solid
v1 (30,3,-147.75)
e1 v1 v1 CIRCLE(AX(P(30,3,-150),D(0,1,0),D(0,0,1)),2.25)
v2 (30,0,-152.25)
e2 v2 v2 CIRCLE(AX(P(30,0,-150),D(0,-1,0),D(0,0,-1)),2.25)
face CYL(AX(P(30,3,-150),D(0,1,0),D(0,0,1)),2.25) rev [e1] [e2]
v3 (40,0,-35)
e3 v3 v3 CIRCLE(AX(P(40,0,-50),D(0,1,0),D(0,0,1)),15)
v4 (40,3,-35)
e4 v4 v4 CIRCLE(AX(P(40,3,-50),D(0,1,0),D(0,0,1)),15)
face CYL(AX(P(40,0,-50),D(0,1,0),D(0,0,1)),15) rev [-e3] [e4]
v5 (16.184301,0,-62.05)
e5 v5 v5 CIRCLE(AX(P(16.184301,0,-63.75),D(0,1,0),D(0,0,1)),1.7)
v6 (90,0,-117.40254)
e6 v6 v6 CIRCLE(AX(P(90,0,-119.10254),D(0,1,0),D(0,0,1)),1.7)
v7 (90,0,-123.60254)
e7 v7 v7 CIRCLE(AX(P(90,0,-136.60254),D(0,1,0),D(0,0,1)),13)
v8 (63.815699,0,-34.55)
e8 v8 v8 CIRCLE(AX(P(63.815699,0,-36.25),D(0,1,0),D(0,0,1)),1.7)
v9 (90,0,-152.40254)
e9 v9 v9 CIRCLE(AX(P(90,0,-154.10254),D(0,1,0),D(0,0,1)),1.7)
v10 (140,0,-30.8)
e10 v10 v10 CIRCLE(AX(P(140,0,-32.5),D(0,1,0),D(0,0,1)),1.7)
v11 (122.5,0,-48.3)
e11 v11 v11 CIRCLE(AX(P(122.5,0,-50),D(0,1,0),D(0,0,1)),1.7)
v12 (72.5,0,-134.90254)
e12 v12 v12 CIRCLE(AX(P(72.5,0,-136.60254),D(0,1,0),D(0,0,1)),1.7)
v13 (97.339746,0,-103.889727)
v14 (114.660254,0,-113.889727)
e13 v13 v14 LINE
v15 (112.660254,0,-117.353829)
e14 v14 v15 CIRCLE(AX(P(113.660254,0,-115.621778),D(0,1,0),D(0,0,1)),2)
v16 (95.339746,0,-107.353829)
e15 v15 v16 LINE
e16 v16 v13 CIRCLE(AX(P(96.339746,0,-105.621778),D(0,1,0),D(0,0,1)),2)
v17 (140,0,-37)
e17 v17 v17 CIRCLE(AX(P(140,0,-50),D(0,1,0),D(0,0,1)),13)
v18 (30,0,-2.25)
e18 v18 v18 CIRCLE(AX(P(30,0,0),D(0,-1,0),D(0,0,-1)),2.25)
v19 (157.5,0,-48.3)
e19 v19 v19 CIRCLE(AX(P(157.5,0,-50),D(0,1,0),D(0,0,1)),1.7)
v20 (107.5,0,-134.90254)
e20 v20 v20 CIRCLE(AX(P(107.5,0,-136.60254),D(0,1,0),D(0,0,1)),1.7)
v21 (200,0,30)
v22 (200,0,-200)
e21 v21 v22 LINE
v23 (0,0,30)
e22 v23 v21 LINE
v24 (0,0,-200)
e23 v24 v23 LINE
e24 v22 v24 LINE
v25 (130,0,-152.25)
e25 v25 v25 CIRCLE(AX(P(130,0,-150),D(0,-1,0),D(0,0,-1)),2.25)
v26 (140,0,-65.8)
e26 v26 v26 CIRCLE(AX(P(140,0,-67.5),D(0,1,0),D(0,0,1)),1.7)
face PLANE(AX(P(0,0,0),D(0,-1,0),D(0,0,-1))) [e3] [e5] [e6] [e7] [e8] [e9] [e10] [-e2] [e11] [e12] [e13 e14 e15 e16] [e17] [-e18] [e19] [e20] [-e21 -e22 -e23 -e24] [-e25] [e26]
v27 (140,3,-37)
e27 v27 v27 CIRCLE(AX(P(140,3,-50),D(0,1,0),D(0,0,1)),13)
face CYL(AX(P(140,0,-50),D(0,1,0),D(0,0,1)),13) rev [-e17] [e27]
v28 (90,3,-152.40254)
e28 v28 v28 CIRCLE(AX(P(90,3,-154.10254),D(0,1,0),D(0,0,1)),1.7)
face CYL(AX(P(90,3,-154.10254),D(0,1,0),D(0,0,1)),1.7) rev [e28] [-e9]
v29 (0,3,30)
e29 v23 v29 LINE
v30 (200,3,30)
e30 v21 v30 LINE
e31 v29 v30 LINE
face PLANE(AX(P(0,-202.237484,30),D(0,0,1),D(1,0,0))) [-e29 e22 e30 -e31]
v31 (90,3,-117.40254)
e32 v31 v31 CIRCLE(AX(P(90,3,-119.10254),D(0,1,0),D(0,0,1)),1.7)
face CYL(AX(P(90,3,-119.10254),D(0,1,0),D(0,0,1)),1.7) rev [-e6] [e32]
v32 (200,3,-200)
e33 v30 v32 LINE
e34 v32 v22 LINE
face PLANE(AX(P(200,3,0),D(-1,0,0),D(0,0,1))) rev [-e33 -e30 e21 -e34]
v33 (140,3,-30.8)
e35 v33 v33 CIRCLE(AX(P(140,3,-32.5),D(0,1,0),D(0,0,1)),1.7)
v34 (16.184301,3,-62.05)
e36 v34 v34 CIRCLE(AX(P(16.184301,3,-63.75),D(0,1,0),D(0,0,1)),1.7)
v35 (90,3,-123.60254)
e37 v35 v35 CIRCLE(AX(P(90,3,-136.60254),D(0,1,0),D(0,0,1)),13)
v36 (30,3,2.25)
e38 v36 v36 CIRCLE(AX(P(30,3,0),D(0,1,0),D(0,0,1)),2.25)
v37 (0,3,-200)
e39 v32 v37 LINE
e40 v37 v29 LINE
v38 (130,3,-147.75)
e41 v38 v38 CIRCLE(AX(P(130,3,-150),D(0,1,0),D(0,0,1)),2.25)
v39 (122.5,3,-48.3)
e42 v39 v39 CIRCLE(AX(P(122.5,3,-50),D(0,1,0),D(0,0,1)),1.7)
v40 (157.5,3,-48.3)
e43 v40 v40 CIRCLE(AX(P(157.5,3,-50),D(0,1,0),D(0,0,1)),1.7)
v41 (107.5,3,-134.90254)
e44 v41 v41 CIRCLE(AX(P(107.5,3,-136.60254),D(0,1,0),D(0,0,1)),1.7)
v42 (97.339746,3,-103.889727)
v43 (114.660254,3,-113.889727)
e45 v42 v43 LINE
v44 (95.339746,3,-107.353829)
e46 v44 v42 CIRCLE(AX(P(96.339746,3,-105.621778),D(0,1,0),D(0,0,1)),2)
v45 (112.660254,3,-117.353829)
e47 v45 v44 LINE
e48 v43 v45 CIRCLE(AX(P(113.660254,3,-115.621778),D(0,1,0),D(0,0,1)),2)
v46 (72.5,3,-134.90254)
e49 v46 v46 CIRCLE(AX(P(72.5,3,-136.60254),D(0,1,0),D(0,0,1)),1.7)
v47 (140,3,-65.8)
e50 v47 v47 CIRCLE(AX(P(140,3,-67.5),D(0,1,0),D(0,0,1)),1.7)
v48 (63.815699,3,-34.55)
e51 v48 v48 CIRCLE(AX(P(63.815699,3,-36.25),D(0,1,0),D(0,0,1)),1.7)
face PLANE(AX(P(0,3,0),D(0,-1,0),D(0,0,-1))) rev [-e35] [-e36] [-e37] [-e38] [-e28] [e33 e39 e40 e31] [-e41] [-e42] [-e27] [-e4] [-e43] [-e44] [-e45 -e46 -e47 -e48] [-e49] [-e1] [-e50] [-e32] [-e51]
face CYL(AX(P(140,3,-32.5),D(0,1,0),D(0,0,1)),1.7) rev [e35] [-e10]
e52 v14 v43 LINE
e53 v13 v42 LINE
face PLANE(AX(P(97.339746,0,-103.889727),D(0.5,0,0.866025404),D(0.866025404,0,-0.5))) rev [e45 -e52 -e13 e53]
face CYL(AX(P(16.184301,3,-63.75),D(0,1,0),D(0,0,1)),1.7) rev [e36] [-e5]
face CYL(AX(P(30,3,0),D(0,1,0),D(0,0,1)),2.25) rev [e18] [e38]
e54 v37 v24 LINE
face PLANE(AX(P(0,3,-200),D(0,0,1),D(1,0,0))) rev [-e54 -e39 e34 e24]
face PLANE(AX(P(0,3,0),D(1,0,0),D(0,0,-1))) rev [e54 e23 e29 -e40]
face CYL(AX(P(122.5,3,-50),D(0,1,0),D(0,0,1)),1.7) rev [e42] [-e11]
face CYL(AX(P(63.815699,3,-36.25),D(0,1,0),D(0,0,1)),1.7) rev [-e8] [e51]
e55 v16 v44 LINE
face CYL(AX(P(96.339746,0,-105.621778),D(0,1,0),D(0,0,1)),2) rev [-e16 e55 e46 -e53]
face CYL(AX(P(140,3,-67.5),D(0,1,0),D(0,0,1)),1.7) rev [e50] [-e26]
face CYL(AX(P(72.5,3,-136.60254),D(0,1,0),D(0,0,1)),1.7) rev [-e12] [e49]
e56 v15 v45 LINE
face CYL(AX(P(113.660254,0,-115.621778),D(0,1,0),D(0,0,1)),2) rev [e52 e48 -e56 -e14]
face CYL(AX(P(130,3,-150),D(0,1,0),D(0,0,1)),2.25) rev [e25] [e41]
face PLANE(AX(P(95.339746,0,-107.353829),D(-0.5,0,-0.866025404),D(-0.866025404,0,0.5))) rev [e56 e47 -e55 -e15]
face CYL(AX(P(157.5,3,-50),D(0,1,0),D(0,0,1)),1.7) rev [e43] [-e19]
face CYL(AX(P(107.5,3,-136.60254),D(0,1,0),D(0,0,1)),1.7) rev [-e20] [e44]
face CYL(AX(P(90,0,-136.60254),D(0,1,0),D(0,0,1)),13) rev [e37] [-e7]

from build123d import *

# Parameters (mm, degrees)
SKETCH1_W                = 200
SKETCH1_H                = 200
BOSS_EXTRUDE1_DEPTH      = 3
SKETCH2_R                = 13
SKETCH2_R_2              = 15
CUT_EXTRUDE1_DEPTH       = 283.85862193
M3_CLEARANCE_HOLE1_D     = 3.4
M3_CLEARANCE_HOLE2_D     = 3.4
SKETCH8_W                = 200
SKETCH8_H                = 30
BOSS_EXTRUDE2_DEPTH      = 3
M4_CLEARANCE_HOLE1_D     = 4.5
M4_CLEARANCE_HOLE1_DEPTH = 7
M4_CLEARANCE_HOLE1_TIP   = 1.351936393


with BuildPart() as part:
    # Sketch1 → Boss-Extrude1 (new body)
    with BuildSketch(Plane(origin=(0, 0, 0), x_dir=(1, 0, 0), z_dir=(0, 1, 0))):
        with Locations((100, 100)):
            Rectangle(SKETCH1_W, SKETCH1_H)
    extrude(amount=BOSS_EXTRUDE1_DEPTH)

    # Sketch2 → Cut-Extrude1 (cut, through all)
    with BuildSketch(Plane(origin=(0, 3, 0), x_dir=(1, 0, 0), z_dir=(0, 1, 0))):
        with Locations(Location((90, 136.602540378, 0), (0, 0, 270))):
            Circle(SKETCH2_R)
        with Locations(Location((140, 50, 0), (0, 0, 270))):
            Circle(SKETCH2_R)
        with Locations(Location((40, 50, 0), (0, 0, 270))):
            Circle(SKETCH2_R_2)
        with BuildLine():
            Line((95.339745962, 107.353829072), (112.660254038, 117.353829072))
            ThreePointArc((112.660254038, 117.353829072), (115.392304845, 116.621778265), (114.660254038, 113.889727457))
            Line((114.660254038, 113.889727457), (97.339745962, 103.889727457))
            ThreePointArc((97.339745962, 103.889727457), (94.607695155, 104.621778265), (95.339745962, 107.353829072))
        make_face()
    extrude(amount=-CUT_EXTRUDE1_DEPTH, mode=Mode.SUBTRACT)

    # M3 Clearance Hole1 (through all)
    with Locations(Plane(origin=(0, 3, 0), x_dir=(1, 0, 0), z_dir=(0, 1, 0))):
        with Locations((140, 67.5), (122.5, 50), (157.5, 50), (140, 32.5), (90, 119.102540378), (72.5, 136.602540378), (107.5, 136.602540378), (90, 154.102540378)):
            Hole(M3_CLEARANCE_HOLE1_D / 2)

    # M3 Clearance Hole2 (through all)
    with Locations(Plane(origin=(0, 3, 0), x_dir=(1, 0, 0), z_dir=(0, 1, 0))):
        with Locations((16.184301396, 63.75), (63.815698604, 36.25)):
            Hole(M3_CLEARANCE_HOLE2_D / 2)

    # Sketch8 → Boss-Extrude2 (add)
    with BuildSketch(Plane(origin=(0, 3, 0), x_dir=(1, 0, 0), z_dir=(0, 1, 0))):
        with Locations((100, -15)):
            Rectangle(SKETCH8_W, SKETCH8_H)
    extrude(amount=-BOSS_EXTRUDE2_DEPTH)

    # M4 Clearance Hole1
    with Locations(Plane(origin=(0, 3, 0), x_dir=(1, 0, 0), z_dir=(0, 1, 0))):
        with Locations((30, 0), (30, 150), (130, 150)):
            Hole(M4_CLEARANCE_HOLE1_D / 2, depth=M4_CLEARANCE_HOLE1_DEPTH)
            with Locations((0, 0, -(M4_CLEARANCE_HOLE1_DEPTH + M4_CLEARANCE_HOLE1_TIP / 2))):  # 118° drill point
                Cone(0, M4_CLEARANCE_HOLE1_D / 2, M4_CLEARANCE_HOLE1_TIP, mode=Mode.SUBTRACT)


solid = part.part
